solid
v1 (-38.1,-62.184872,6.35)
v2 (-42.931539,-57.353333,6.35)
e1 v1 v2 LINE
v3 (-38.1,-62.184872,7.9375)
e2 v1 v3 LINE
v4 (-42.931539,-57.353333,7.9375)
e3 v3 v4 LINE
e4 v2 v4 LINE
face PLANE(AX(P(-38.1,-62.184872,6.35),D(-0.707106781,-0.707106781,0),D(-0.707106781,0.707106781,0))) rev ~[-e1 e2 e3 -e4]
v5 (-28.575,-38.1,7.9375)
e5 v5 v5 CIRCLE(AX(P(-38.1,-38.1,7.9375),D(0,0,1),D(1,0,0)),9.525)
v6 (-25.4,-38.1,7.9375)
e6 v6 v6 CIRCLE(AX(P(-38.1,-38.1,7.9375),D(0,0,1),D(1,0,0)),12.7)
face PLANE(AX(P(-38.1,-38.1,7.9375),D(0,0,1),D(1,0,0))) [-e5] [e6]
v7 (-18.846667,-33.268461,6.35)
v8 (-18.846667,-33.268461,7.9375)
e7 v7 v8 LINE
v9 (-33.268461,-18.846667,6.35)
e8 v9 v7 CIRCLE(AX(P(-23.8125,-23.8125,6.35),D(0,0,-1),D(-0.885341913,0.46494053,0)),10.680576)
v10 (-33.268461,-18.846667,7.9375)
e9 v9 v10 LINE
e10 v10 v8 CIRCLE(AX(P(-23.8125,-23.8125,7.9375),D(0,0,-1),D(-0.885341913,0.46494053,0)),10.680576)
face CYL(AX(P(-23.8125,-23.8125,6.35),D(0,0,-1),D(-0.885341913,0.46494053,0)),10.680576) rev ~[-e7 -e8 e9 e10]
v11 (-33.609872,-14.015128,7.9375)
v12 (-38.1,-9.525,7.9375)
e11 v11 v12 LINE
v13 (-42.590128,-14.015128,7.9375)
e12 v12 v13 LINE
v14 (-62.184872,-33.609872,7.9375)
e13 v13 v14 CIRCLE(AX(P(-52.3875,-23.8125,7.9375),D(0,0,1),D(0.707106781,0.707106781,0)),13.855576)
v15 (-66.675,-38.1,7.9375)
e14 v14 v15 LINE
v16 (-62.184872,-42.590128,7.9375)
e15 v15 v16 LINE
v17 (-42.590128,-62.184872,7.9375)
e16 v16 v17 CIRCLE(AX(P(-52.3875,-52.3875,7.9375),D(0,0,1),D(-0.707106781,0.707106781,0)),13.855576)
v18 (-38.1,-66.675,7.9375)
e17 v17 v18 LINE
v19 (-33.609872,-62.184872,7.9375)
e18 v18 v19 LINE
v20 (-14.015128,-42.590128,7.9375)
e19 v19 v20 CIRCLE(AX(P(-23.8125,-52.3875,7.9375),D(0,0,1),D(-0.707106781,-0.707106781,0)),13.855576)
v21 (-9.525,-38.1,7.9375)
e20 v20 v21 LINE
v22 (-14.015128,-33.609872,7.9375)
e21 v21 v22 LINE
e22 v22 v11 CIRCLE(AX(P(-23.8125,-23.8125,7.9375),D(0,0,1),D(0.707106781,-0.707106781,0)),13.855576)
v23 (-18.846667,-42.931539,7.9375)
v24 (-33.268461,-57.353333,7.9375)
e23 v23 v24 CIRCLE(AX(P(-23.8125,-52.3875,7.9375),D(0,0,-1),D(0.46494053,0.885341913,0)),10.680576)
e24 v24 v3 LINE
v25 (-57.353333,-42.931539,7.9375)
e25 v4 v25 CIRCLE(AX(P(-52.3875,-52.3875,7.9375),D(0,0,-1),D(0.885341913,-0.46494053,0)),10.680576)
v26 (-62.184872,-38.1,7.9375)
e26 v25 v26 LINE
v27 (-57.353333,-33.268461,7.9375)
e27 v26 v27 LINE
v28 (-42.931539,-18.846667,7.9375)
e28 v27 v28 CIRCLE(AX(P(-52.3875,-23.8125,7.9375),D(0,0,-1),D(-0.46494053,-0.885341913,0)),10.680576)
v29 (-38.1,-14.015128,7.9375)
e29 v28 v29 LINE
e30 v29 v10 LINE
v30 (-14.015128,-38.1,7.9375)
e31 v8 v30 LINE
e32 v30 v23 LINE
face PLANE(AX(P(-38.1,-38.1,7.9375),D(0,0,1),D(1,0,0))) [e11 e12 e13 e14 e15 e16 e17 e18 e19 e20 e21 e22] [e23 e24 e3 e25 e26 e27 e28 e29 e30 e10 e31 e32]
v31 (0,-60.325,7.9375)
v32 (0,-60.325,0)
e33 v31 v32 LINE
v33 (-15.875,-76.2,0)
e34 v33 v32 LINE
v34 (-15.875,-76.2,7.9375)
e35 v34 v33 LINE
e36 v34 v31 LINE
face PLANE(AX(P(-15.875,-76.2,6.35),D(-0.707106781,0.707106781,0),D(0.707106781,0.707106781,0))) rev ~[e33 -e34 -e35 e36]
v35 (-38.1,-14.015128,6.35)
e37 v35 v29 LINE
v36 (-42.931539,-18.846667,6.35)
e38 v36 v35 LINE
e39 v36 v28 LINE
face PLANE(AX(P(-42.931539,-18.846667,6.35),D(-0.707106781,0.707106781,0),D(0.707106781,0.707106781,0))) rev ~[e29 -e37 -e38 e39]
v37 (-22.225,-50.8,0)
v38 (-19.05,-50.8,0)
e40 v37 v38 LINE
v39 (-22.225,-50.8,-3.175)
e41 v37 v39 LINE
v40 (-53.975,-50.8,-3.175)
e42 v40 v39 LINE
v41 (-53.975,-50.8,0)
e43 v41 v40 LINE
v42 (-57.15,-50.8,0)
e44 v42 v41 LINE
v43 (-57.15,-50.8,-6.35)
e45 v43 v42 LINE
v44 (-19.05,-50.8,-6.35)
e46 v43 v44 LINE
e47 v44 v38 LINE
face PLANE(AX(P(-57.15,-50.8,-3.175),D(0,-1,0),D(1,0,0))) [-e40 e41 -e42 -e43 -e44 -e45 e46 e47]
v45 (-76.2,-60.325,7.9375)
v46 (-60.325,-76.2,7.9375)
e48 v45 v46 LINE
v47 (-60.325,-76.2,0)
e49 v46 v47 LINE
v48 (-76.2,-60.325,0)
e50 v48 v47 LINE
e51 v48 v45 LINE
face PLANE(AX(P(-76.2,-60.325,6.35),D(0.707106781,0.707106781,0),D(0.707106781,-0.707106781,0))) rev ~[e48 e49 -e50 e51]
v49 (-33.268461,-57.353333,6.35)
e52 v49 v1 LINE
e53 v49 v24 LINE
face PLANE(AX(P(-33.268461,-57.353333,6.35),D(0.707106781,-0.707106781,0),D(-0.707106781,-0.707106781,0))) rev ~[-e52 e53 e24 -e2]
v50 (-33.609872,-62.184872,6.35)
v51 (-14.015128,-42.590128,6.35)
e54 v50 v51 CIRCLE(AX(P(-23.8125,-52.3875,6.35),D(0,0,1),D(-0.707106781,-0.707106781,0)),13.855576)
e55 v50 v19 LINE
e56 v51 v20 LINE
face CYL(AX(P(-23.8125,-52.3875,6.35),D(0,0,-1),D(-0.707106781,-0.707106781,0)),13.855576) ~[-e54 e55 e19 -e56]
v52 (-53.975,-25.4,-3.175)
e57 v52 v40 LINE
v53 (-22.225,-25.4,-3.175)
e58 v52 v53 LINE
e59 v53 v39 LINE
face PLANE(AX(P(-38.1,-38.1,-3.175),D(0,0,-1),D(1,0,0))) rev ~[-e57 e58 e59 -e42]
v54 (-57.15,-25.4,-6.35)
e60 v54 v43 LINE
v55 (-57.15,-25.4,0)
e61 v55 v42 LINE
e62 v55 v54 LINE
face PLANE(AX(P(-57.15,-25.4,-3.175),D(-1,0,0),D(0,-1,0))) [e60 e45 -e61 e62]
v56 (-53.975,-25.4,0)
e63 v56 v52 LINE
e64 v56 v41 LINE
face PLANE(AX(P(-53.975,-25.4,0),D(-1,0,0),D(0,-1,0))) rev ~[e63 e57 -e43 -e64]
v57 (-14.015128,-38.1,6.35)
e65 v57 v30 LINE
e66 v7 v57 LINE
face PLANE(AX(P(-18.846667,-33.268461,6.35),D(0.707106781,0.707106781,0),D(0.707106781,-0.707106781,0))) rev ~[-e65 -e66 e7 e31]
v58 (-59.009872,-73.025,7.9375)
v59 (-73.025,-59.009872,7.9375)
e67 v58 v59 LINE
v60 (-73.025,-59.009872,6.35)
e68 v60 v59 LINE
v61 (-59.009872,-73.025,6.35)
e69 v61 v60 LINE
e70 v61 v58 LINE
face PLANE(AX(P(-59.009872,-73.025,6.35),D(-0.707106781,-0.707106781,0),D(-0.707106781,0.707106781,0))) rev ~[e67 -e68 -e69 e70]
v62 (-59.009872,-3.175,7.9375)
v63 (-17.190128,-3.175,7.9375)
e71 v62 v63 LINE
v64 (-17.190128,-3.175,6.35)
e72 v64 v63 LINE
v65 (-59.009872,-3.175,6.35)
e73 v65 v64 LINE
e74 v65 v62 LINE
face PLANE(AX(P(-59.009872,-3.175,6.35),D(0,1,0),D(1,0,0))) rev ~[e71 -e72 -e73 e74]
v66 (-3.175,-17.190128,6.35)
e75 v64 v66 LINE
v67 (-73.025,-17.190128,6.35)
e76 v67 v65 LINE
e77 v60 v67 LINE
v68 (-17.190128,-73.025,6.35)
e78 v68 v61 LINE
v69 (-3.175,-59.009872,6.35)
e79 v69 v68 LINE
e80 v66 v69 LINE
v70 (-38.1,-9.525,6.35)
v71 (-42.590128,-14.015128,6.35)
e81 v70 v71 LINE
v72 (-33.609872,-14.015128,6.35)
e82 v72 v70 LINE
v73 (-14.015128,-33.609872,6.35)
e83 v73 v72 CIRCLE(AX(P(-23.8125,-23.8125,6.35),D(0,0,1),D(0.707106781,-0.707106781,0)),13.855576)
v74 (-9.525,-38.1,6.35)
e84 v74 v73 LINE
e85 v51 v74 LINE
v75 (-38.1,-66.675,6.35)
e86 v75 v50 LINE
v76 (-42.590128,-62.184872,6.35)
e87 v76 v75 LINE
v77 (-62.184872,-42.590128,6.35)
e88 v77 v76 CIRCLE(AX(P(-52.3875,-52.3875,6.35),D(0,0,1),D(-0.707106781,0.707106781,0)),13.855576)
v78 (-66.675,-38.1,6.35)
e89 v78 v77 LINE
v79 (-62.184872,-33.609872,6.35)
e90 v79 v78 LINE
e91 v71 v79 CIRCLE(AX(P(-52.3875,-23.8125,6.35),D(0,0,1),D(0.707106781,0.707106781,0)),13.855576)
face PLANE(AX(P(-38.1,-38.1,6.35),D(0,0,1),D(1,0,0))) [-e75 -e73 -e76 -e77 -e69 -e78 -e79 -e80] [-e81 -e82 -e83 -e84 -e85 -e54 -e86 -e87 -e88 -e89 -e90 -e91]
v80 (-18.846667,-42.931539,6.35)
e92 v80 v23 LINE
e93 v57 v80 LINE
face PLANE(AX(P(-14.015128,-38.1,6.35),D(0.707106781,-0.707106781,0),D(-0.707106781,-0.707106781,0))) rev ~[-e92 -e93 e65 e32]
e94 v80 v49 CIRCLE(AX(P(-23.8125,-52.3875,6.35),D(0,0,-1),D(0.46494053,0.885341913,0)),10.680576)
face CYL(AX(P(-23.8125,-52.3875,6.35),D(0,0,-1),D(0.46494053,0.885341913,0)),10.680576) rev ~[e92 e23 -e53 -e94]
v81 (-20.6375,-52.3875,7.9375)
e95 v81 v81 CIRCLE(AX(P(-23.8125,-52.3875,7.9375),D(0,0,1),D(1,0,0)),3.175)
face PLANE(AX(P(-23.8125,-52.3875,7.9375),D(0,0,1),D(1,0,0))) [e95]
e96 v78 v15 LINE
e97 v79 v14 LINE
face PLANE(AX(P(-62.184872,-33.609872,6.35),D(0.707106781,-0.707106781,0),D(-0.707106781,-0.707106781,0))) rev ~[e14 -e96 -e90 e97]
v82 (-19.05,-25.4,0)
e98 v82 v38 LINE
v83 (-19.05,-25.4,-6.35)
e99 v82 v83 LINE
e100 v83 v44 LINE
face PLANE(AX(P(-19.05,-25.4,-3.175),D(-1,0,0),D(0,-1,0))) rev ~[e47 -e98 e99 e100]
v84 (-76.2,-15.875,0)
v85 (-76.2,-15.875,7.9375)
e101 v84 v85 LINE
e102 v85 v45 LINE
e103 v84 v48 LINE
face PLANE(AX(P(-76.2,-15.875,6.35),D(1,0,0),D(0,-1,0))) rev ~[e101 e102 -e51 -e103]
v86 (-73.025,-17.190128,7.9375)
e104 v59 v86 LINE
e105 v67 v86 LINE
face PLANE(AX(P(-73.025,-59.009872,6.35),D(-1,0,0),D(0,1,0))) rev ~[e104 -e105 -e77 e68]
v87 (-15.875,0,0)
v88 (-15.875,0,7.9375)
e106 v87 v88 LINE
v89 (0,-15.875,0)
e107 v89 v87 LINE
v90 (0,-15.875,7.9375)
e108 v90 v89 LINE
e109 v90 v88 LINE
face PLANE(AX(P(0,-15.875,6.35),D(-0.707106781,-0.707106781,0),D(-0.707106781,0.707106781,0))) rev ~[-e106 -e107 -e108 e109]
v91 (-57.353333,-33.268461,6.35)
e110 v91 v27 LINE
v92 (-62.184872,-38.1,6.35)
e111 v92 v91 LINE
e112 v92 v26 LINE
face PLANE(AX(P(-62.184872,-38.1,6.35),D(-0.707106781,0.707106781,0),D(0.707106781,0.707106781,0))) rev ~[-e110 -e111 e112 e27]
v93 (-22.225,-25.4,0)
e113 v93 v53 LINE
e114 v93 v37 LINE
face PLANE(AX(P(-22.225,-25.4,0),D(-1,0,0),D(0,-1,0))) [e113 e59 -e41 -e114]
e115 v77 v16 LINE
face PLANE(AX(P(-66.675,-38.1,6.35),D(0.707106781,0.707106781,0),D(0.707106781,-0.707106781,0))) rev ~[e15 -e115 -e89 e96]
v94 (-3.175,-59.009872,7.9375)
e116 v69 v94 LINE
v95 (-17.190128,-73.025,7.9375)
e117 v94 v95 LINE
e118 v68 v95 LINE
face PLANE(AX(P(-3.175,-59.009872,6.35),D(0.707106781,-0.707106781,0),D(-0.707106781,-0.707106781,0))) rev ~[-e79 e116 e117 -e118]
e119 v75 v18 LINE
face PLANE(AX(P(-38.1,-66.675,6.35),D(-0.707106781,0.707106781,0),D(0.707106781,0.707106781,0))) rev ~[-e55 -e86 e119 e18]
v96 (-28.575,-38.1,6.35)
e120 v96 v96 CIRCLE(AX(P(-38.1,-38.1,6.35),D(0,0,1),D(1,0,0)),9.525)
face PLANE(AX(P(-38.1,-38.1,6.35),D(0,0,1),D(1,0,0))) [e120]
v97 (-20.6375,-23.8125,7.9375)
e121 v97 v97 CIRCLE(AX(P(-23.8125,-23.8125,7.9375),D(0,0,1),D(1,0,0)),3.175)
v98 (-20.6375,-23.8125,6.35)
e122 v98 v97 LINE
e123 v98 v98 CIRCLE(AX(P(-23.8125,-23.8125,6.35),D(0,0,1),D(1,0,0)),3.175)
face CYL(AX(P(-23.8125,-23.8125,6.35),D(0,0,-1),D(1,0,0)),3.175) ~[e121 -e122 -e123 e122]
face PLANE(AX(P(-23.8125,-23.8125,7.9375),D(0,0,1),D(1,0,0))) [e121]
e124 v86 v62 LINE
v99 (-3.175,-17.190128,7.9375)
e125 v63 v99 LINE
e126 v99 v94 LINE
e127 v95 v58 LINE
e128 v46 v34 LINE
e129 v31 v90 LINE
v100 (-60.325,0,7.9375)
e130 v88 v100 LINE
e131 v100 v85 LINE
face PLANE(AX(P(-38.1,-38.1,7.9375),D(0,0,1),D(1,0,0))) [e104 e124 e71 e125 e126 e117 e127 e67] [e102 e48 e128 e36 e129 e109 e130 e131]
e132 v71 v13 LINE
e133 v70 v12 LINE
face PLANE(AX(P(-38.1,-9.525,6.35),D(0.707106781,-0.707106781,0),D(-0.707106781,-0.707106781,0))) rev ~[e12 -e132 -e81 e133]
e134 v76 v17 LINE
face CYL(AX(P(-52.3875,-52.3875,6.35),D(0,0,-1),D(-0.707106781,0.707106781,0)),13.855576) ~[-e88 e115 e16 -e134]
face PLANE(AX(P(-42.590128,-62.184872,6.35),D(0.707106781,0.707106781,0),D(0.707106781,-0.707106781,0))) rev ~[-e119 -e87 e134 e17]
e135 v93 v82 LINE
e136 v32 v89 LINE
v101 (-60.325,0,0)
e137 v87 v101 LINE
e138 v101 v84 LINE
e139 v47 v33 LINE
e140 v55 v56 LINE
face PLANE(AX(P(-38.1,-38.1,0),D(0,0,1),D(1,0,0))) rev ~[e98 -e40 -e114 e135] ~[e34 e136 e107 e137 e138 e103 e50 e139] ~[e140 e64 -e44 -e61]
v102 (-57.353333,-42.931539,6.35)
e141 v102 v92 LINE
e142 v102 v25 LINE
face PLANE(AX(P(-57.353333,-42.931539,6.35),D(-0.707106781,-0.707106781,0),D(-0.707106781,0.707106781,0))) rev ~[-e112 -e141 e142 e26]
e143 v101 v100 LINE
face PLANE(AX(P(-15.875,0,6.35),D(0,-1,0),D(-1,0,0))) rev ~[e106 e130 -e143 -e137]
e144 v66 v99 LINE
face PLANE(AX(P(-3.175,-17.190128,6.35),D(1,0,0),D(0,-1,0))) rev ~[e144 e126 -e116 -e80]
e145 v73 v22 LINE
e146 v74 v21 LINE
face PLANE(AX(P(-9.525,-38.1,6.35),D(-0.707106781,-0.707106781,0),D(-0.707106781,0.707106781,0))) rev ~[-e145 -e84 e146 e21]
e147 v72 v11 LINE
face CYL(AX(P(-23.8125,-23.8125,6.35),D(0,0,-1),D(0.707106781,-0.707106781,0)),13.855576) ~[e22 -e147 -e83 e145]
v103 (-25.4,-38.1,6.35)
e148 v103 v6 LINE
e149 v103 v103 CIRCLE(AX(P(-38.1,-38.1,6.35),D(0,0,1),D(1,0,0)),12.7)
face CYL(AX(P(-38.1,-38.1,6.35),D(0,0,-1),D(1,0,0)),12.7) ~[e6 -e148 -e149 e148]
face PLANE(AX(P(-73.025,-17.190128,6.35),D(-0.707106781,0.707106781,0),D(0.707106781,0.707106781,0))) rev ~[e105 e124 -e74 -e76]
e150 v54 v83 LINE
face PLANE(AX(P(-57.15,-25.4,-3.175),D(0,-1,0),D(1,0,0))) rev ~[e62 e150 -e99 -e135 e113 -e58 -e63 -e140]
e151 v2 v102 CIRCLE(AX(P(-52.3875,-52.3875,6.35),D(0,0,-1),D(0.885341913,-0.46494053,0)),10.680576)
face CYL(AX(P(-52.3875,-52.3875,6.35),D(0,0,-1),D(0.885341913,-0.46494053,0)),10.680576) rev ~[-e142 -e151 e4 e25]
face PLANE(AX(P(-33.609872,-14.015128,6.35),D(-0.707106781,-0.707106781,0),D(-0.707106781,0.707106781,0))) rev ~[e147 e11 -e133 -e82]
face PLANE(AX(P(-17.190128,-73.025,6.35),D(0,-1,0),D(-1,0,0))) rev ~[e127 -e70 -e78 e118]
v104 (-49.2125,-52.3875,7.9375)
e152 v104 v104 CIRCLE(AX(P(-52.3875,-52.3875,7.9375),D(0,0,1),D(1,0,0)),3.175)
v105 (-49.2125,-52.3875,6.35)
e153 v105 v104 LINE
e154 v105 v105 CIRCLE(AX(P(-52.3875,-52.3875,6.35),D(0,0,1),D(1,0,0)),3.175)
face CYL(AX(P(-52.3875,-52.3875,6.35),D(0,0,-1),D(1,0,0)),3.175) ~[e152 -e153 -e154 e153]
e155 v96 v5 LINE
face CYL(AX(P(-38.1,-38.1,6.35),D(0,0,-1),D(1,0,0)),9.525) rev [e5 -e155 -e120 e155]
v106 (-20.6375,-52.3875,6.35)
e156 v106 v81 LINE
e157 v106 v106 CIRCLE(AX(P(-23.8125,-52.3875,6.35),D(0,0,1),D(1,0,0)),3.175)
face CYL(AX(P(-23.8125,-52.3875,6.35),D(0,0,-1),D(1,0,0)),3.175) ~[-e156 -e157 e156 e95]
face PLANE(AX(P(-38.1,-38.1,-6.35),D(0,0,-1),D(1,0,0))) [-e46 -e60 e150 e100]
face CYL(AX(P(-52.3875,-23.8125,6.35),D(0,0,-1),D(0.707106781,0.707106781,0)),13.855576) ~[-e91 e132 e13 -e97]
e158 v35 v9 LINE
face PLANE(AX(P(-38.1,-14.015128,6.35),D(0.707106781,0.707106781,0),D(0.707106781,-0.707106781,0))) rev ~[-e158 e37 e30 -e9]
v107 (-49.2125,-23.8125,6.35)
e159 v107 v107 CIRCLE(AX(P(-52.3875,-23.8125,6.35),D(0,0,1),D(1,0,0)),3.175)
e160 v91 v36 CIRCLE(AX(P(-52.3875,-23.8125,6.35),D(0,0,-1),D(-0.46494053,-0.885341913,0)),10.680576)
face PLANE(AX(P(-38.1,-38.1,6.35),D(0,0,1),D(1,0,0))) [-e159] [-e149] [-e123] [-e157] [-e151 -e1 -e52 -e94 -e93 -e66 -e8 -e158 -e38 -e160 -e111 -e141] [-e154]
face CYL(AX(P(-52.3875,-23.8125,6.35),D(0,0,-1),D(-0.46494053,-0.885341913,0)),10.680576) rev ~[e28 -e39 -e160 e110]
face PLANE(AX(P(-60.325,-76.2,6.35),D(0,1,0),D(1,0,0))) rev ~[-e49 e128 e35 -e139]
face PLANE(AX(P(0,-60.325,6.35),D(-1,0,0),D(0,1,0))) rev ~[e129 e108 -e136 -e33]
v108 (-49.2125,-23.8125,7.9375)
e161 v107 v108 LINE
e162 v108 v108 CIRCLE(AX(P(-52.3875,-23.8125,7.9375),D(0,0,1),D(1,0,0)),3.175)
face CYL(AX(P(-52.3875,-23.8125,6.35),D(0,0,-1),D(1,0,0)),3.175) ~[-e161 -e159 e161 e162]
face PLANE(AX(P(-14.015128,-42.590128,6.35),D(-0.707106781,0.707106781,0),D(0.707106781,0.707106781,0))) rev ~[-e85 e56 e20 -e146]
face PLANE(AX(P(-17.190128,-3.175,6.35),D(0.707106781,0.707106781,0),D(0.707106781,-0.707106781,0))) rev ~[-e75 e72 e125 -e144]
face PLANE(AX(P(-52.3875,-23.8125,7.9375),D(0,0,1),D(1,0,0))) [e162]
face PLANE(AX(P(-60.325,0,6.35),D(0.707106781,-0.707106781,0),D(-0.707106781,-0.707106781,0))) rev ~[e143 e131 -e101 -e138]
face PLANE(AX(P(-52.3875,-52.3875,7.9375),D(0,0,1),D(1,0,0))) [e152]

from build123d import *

# Parameters (mm, degrees)
F1_DEPTH = 6.35
F2_R     = 12.7
F2_R_2   = 9.525
F2_R_3   = 3.175
F3_DEPTH = 1.5875
F4_W     = 3.175
F4_H     = 25.4
F5_DEPTH = 3.175
F6_W     = 38.1
F6_H     = 25.4
F7_DEPTH = 3.175


with BuildPart() as f1:
    # F0 (on Top) → F1 (new body)
    with BuildSketch(Plane.XY):
        Polygon((-15.875, 0), (-60.325, 0), (-76.2, -15.875), (-76.2, -60.325), (-60.325, -76.2), (-15.875, -76.2), (0, -60.325), (0, -15.875), align=None)
    extrude(amount=F1_DEPTH)

    # F2 (on face) → F3 (join)
    with BuildSketch(Plane.XY.offset(6.35)):
        Polygon((0, -15.875), (-15.875, 0), (-60.325, 0), (-76.2, -15.875), (-76.2, -60.325), (-60.325, -76.2), (-15.875, -76.2), (0, -60.325), align=None)
        Polygon((-3.175, -17.190128), (-3.175, -59.009872), (-17.190128, -73.025), (-59.009872, -73.025), (-73.025, -59.009872), (-73.025, -17.190128), (-59.009872, -3.175), (-17.190128, -3.175), align=None, mode=Mode.SUBTRACT)
        with BuildLine():
            Line((-38.1, -66.675), (-33.609872, -62.184872))
            ThreePointArc((-33.609872, -62.184872), (-14.015128, -62.184872), (-14.015128, -42.590128))
            Line((-14.015128, -42.590128), (-9.525, -38.1))
            Line((-9.525, -38.1), (-14.015128, -33.609872))
            ThreePointArc((-14.015128, -33.609872), (-14.015128, -14.015128), (-33.609872, -14.015128))
            Line((-33.609872, -14.015128), (-38.1, -9.525))
            Line((-38.1, -9.525), (-42.590128, -14.015128))
            ThreePointArc((-42.590128, -14.015128), (-62.184872, -14.015128), (-62.184872, -33.609872))
            Line((-62.184872, -33.609872), (-66.675, -38.1))
            Line((-66.675, -38.1), (-62.184872, -42.590128))
            ThreePointArc((-62.184872, -42.590128), (-62.184872, -62.184872), (-42.590128, -62.184872))
            Line((-42.590128, -62.184872), (-38.1, -66.675))
        make_face()
        with BuildLine():
            ThreePointArc((-33.268461, -18.846667), (-16.260192, -16.260192), (-18.846667, -33.268461))
            Line((-18.846667, -33.268461), (-14.015128, -38.1))
            Line((-14.015128, -38.1), (-18.846667, -42.931539))
            ThreePointArc((-18.846667, -42.931539), (-16.260192, -59.939808), (-33.268461, -57.353333))
            Line((-33.268461, -57.353333), (-38.1, -62.184872))
            Line((-38.1, -62.184872), (-42.931539, -57.353333))
            ThreePointArc((-42.931539, -57.353333), (-59.939808, -59.939808), (-57.353333, -42.931539))
            Line((-57.353333, -42.931539), (-62.184872, -38.1))
            Line((-62.184872, -38.1), (-57.353333, -33.268461))
            ThreePointArc((-57.353333, -33.268461), (-59.939808, -16.260192), (-42.931539, -18.846667))
            Line((-42.931539, -18.846667), (-38.1, -14.015128))
            Line((-38.1, -14.015128), (-33.268461, -18.846667))
        make_face(mode=Mode.SUBTRACT)
        with Locations((-38.1, -38.1)):
            Circle(F2_R)
        with Locations((-38.1, -38.1)):
            Circle(F2_R_2, mode=Mode.SUBTRACT)
        with Locations((-52.3875, -52.3875)):
            Circle(F2_R_3)
        with Locations((-23.8125, -52.3875)):
            Circle(F2_R_3)
        with Locations((-23.8125, -23.8125)):
            Circle(F2_R_3)
        with Locations((-52.3875, -23.8125)):
            Circle(F2_R_3)
    extrude(amount=F3_DEPTH)

    # F4 (on face) → F5 (join)
    with BuildSketch(Plane(origin=(0, 0, 0), x_dir=(1, 0, 0), z_dir=(0, 0, -1))):
        with Locations((-55.5625, 38.1)):
            Rectangle(F4_W, F4_H)
        with Locations((-20.6375, 38.1)):
            Rectangle(F4_W, F4_H)
    extrude(amount=F5_DEPTH)

    # F6 (on face) → F7 (join)
    with BuildSketch(Plane(origin=(0, 0, -3.175), x_dir=(1, 0, 0), z_dir=(0, 0, -1))):
        with Locations((-38.1, 38.1)):
            Rectangle(F6_W, F6_H)
    extrude(amount=F7_DEPTH)


solid = f1.part
